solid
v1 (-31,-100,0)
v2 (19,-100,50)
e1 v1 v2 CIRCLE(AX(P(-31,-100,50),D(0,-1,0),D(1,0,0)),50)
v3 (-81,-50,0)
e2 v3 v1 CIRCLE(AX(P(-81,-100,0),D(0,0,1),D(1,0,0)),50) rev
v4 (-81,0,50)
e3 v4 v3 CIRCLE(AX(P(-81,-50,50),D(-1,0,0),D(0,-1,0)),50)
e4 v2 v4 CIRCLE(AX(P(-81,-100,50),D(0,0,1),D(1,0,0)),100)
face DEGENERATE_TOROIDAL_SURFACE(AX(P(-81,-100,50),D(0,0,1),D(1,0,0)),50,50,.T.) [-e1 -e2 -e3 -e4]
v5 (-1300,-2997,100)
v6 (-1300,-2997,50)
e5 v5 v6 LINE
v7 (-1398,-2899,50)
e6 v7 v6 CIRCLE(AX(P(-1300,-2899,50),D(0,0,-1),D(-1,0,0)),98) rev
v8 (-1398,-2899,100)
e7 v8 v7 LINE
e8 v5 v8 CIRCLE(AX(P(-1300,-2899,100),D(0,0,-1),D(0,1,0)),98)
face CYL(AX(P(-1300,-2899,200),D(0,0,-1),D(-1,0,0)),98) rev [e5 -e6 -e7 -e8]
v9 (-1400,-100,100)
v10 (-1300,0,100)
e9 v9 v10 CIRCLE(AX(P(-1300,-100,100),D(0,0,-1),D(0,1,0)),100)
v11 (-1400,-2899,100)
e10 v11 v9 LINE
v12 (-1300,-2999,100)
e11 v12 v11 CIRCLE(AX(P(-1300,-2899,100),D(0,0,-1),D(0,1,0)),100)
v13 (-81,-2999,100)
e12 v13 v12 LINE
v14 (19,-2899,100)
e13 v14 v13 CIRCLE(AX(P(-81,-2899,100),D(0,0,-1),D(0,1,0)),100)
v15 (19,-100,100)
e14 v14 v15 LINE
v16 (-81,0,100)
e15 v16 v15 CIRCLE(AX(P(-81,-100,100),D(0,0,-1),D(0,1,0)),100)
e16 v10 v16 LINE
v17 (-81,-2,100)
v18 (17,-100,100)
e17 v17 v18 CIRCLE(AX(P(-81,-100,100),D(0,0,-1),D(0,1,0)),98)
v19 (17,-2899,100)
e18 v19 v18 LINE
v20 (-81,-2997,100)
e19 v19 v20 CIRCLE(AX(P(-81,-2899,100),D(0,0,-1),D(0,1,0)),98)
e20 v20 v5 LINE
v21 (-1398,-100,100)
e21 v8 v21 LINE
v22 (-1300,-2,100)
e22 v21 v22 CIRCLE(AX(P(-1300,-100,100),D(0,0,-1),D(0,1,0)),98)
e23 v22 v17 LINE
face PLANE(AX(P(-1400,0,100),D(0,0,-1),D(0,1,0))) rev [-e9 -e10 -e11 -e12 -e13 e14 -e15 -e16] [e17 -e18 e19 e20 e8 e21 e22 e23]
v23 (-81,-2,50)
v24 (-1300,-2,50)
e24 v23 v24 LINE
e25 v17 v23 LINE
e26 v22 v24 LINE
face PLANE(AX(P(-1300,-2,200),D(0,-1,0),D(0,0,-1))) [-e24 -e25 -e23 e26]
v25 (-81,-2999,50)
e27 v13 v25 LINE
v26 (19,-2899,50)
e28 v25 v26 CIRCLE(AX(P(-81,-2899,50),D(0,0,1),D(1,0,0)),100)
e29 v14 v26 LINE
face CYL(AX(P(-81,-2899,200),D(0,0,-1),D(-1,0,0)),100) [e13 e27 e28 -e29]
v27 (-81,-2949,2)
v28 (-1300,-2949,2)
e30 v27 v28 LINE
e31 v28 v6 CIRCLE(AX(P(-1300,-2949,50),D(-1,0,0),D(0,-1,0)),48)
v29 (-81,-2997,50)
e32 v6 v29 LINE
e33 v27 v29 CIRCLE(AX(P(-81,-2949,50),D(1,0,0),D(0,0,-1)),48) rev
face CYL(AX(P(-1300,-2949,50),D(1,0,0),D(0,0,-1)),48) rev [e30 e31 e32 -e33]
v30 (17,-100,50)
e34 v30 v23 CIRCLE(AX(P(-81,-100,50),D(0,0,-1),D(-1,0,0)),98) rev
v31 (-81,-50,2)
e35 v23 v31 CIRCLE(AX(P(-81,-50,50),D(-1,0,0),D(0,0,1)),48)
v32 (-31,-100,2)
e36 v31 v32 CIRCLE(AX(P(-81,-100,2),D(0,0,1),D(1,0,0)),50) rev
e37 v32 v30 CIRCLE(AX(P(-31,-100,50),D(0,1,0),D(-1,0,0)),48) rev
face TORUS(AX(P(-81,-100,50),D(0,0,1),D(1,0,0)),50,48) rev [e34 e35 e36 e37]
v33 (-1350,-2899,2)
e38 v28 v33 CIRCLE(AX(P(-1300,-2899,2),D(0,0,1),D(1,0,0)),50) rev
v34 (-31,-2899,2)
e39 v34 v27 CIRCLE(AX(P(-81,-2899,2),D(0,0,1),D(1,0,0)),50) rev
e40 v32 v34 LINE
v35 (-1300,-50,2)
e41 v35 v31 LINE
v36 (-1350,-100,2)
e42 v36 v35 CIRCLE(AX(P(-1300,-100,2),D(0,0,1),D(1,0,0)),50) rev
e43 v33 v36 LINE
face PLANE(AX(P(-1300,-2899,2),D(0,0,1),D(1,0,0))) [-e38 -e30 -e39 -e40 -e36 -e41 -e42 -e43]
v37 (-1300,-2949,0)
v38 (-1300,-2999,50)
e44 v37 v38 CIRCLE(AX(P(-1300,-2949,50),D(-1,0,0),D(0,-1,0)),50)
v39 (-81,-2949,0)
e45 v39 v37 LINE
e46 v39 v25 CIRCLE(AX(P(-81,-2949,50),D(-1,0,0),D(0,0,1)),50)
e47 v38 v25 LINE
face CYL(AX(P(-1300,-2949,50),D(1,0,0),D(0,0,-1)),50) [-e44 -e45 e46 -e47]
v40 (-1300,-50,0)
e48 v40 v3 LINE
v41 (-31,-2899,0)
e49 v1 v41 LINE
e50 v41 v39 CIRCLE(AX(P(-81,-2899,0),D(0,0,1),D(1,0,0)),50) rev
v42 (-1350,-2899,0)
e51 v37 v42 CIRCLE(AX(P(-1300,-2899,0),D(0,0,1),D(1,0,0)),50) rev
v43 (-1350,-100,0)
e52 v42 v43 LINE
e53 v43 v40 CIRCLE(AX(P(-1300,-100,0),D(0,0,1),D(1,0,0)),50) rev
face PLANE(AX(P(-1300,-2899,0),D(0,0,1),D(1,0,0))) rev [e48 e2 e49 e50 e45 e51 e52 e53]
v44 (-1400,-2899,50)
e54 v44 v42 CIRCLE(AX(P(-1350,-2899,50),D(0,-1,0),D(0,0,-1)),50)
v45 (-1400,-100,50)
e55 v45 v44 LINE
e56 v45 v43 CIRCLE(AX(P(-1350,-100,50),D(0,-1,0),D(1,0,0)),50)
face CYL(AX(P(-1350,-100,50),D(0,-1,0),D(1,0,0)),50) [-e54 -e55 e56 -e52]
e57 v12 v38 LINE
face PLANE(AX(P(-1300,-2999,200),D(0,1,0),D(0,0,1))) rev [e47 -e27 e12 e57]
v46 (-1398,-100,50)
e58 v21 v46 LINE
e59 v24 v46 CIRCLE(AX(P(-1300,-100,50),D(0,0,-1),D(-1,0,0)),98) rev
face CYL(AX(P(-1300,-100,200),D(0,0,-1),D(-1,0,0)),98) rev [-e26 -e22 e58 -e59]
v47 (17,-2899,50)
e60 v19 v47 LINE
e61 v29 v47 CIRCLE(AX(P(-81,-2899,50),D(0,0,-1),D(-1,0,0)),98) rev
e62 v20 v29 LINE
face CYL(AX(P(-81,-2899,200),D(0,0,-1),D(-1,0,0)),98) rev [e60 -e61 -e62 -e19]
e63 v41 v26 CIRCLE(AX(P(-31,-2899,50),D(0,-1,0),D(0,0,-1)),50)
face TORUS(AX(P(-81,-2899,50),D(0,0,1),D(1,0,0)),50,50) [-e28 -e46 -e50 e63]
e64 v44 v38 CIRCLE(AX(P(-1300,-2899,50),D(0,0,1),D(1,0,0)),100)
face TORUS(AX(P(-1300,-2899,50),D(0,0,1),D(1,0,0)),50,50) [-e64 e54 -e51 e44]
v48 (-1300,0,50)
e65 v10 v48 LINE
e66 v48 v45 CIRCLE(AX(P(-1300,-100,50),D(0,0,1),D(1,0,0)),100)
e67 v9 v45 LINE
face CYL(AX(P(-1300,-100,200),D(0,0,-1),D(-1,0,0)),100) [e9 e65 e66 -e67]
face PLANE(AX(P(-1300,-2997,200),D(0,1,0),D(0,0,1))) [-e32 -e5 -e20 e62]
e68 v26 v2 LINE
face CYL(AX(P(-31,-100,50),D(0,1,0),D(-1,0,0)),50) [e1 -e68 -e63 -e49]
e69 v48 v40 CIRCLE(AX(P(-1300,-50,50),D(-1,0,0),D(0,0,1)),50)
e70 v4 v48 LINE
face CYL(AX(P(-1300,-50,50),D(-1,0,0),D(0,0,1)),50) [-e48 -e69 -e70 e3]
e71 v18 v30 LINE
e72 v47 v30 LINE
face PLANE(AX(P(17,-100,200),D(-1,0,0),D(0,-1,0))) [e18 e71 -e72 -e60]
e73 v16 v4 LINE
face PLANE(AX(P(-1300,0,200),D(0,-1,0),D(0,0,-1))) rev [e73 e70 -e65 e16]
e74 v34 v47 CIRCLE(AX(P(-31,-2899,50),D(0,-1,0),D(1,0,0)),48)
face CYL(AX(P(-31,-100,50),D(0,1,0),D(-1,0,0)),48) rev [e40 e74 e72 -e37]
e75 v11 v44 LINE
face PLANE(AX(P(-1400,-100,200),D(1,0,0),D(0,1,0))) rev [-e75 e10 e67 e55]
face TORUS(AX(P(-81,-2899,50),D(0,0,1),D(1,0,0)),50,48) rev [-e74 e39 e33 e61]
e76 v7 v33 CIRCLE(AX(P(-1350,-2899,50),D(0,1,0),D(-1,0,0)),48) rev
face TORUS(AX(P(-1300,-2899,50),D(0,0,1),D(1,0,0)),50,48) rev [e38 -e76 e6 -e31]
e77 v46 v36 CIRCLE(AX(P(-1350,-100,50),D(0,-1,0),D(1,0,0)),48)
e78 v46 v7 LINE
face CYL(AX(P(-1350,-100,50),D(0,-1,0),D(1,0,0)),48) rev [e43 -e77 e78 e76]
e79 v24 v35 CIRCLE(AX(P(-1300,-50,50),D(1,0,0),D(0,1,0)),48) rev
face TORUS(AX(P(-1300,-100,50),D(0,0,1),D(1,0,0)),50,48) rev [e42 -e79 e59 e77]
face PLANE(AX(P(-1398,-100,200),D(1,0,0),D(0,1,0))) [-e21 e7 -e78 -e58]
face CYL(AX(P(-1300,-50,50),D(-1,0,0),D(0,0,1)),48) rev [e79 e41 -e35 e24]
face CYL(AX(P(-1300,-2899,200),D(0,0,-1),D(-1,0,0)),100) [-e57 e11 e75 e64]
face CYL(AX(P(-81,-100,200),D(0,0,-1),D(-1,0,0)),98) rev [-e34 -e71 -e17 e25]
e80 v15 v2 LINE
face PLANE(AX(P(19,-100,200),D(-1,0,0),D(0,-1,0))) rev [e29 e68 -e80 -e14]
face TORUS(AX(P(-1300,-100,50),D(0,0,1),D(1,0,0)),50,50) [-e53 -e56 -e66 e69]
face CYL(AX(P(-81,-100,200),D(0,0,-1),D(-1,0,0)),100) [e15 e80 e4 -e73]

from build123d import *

# Parameters (mm, degrees)
BOSS_EXTRUDE1_DEPTH = 200
FILLET1_R           = 50
SKETCH2_W           = 178.413306637
SKETCH2_H           = 3000
CUT_EXTRUDE1_DEPTH  = 1420
SHELL1_T            = -2


with BuildPart() as part:
    # Sketch1 → Boss-Extrude1 (new body)
    with BuildSketch(Plane.XY):
        with BuildLine():
            Line((-1300, 0), (-81, 0))
            ThreePointArc((-81, 0), (-10.289321881, -29.289321881), (19, -100))
            Line((19, -100), (19, -2899))
            ThreePointArc((19, -2899), (-10.289321881, -2969.710678119), (-81, -2999))
            Line((-81, -2999), (-1300, -2999))
            ThreePointArc((-1300, -2999), (-1370.710678119, -2969.710678119), (-1400, -2899))
            Line((-1400, -2899), (-1400, -100))
            ThreePointArc((-1400, -100), (-1370.710678119, -29.289321881), (-1300, 0))
        make_face()
    extrude(amount=BOSS_EXTRUDE1_DEPTH)

    # Fillet1
    fillet1_edges = [part.edges().sort_by_distance(p)[0] for p in [
        (19, -1499.5, 0),
        (-10.289321881, -2969.710678119, 0),
        (-690.5, -2999, 0),
        (-1370.710678119, -2969.710678119, 0),
        (-10.289321881, -2969.710678119, 200),
        (19, -1499.5, 200),
        (-10.289321881, -29.289321881, 200),
        (-690.5, 0, 200),
        (-1370.710678119, -29.289321881, 200),
        (-1400, -1499.5, 200),
        (-1370.710678119, -2969.710678119, 200),
        (-1400, -1499.5, 0),
        (-690.5, -2999, 200),
        (-1370.710678119, -29.289321881, 0),
        (-690.5, 0, 0),
        (-10.289321881, -29.289321881, 0),
    ]]
    fillet(fillet1_edges, radius=FILLET1_R)

    # Sketch2 → Cut-Extrude1 (cut, through all)
    with BuildSketch(Plane(origin=(19, 0, 0), x_dir=(0, 0, -1), z_dir=(1, 0, 0))):
        with Locations((-189.206653319, -1500)):
            Rectangle(SKETCH2_W, SKETCH2_H)
    extrude(amount=-CUT_EXTRUDE1_DEPTH, mode=Mode.SUBTRACT)

    # Shell1
    shell1_openings = [part.faces().sort_by_distance(p)[0] for p in [
        (-690.5, -1499.5, 100),
    ]]
    offset(amount=SHELL1_T, openings=shell1_openings, kind=Kind.INTERSECTION)


solid = part.part
